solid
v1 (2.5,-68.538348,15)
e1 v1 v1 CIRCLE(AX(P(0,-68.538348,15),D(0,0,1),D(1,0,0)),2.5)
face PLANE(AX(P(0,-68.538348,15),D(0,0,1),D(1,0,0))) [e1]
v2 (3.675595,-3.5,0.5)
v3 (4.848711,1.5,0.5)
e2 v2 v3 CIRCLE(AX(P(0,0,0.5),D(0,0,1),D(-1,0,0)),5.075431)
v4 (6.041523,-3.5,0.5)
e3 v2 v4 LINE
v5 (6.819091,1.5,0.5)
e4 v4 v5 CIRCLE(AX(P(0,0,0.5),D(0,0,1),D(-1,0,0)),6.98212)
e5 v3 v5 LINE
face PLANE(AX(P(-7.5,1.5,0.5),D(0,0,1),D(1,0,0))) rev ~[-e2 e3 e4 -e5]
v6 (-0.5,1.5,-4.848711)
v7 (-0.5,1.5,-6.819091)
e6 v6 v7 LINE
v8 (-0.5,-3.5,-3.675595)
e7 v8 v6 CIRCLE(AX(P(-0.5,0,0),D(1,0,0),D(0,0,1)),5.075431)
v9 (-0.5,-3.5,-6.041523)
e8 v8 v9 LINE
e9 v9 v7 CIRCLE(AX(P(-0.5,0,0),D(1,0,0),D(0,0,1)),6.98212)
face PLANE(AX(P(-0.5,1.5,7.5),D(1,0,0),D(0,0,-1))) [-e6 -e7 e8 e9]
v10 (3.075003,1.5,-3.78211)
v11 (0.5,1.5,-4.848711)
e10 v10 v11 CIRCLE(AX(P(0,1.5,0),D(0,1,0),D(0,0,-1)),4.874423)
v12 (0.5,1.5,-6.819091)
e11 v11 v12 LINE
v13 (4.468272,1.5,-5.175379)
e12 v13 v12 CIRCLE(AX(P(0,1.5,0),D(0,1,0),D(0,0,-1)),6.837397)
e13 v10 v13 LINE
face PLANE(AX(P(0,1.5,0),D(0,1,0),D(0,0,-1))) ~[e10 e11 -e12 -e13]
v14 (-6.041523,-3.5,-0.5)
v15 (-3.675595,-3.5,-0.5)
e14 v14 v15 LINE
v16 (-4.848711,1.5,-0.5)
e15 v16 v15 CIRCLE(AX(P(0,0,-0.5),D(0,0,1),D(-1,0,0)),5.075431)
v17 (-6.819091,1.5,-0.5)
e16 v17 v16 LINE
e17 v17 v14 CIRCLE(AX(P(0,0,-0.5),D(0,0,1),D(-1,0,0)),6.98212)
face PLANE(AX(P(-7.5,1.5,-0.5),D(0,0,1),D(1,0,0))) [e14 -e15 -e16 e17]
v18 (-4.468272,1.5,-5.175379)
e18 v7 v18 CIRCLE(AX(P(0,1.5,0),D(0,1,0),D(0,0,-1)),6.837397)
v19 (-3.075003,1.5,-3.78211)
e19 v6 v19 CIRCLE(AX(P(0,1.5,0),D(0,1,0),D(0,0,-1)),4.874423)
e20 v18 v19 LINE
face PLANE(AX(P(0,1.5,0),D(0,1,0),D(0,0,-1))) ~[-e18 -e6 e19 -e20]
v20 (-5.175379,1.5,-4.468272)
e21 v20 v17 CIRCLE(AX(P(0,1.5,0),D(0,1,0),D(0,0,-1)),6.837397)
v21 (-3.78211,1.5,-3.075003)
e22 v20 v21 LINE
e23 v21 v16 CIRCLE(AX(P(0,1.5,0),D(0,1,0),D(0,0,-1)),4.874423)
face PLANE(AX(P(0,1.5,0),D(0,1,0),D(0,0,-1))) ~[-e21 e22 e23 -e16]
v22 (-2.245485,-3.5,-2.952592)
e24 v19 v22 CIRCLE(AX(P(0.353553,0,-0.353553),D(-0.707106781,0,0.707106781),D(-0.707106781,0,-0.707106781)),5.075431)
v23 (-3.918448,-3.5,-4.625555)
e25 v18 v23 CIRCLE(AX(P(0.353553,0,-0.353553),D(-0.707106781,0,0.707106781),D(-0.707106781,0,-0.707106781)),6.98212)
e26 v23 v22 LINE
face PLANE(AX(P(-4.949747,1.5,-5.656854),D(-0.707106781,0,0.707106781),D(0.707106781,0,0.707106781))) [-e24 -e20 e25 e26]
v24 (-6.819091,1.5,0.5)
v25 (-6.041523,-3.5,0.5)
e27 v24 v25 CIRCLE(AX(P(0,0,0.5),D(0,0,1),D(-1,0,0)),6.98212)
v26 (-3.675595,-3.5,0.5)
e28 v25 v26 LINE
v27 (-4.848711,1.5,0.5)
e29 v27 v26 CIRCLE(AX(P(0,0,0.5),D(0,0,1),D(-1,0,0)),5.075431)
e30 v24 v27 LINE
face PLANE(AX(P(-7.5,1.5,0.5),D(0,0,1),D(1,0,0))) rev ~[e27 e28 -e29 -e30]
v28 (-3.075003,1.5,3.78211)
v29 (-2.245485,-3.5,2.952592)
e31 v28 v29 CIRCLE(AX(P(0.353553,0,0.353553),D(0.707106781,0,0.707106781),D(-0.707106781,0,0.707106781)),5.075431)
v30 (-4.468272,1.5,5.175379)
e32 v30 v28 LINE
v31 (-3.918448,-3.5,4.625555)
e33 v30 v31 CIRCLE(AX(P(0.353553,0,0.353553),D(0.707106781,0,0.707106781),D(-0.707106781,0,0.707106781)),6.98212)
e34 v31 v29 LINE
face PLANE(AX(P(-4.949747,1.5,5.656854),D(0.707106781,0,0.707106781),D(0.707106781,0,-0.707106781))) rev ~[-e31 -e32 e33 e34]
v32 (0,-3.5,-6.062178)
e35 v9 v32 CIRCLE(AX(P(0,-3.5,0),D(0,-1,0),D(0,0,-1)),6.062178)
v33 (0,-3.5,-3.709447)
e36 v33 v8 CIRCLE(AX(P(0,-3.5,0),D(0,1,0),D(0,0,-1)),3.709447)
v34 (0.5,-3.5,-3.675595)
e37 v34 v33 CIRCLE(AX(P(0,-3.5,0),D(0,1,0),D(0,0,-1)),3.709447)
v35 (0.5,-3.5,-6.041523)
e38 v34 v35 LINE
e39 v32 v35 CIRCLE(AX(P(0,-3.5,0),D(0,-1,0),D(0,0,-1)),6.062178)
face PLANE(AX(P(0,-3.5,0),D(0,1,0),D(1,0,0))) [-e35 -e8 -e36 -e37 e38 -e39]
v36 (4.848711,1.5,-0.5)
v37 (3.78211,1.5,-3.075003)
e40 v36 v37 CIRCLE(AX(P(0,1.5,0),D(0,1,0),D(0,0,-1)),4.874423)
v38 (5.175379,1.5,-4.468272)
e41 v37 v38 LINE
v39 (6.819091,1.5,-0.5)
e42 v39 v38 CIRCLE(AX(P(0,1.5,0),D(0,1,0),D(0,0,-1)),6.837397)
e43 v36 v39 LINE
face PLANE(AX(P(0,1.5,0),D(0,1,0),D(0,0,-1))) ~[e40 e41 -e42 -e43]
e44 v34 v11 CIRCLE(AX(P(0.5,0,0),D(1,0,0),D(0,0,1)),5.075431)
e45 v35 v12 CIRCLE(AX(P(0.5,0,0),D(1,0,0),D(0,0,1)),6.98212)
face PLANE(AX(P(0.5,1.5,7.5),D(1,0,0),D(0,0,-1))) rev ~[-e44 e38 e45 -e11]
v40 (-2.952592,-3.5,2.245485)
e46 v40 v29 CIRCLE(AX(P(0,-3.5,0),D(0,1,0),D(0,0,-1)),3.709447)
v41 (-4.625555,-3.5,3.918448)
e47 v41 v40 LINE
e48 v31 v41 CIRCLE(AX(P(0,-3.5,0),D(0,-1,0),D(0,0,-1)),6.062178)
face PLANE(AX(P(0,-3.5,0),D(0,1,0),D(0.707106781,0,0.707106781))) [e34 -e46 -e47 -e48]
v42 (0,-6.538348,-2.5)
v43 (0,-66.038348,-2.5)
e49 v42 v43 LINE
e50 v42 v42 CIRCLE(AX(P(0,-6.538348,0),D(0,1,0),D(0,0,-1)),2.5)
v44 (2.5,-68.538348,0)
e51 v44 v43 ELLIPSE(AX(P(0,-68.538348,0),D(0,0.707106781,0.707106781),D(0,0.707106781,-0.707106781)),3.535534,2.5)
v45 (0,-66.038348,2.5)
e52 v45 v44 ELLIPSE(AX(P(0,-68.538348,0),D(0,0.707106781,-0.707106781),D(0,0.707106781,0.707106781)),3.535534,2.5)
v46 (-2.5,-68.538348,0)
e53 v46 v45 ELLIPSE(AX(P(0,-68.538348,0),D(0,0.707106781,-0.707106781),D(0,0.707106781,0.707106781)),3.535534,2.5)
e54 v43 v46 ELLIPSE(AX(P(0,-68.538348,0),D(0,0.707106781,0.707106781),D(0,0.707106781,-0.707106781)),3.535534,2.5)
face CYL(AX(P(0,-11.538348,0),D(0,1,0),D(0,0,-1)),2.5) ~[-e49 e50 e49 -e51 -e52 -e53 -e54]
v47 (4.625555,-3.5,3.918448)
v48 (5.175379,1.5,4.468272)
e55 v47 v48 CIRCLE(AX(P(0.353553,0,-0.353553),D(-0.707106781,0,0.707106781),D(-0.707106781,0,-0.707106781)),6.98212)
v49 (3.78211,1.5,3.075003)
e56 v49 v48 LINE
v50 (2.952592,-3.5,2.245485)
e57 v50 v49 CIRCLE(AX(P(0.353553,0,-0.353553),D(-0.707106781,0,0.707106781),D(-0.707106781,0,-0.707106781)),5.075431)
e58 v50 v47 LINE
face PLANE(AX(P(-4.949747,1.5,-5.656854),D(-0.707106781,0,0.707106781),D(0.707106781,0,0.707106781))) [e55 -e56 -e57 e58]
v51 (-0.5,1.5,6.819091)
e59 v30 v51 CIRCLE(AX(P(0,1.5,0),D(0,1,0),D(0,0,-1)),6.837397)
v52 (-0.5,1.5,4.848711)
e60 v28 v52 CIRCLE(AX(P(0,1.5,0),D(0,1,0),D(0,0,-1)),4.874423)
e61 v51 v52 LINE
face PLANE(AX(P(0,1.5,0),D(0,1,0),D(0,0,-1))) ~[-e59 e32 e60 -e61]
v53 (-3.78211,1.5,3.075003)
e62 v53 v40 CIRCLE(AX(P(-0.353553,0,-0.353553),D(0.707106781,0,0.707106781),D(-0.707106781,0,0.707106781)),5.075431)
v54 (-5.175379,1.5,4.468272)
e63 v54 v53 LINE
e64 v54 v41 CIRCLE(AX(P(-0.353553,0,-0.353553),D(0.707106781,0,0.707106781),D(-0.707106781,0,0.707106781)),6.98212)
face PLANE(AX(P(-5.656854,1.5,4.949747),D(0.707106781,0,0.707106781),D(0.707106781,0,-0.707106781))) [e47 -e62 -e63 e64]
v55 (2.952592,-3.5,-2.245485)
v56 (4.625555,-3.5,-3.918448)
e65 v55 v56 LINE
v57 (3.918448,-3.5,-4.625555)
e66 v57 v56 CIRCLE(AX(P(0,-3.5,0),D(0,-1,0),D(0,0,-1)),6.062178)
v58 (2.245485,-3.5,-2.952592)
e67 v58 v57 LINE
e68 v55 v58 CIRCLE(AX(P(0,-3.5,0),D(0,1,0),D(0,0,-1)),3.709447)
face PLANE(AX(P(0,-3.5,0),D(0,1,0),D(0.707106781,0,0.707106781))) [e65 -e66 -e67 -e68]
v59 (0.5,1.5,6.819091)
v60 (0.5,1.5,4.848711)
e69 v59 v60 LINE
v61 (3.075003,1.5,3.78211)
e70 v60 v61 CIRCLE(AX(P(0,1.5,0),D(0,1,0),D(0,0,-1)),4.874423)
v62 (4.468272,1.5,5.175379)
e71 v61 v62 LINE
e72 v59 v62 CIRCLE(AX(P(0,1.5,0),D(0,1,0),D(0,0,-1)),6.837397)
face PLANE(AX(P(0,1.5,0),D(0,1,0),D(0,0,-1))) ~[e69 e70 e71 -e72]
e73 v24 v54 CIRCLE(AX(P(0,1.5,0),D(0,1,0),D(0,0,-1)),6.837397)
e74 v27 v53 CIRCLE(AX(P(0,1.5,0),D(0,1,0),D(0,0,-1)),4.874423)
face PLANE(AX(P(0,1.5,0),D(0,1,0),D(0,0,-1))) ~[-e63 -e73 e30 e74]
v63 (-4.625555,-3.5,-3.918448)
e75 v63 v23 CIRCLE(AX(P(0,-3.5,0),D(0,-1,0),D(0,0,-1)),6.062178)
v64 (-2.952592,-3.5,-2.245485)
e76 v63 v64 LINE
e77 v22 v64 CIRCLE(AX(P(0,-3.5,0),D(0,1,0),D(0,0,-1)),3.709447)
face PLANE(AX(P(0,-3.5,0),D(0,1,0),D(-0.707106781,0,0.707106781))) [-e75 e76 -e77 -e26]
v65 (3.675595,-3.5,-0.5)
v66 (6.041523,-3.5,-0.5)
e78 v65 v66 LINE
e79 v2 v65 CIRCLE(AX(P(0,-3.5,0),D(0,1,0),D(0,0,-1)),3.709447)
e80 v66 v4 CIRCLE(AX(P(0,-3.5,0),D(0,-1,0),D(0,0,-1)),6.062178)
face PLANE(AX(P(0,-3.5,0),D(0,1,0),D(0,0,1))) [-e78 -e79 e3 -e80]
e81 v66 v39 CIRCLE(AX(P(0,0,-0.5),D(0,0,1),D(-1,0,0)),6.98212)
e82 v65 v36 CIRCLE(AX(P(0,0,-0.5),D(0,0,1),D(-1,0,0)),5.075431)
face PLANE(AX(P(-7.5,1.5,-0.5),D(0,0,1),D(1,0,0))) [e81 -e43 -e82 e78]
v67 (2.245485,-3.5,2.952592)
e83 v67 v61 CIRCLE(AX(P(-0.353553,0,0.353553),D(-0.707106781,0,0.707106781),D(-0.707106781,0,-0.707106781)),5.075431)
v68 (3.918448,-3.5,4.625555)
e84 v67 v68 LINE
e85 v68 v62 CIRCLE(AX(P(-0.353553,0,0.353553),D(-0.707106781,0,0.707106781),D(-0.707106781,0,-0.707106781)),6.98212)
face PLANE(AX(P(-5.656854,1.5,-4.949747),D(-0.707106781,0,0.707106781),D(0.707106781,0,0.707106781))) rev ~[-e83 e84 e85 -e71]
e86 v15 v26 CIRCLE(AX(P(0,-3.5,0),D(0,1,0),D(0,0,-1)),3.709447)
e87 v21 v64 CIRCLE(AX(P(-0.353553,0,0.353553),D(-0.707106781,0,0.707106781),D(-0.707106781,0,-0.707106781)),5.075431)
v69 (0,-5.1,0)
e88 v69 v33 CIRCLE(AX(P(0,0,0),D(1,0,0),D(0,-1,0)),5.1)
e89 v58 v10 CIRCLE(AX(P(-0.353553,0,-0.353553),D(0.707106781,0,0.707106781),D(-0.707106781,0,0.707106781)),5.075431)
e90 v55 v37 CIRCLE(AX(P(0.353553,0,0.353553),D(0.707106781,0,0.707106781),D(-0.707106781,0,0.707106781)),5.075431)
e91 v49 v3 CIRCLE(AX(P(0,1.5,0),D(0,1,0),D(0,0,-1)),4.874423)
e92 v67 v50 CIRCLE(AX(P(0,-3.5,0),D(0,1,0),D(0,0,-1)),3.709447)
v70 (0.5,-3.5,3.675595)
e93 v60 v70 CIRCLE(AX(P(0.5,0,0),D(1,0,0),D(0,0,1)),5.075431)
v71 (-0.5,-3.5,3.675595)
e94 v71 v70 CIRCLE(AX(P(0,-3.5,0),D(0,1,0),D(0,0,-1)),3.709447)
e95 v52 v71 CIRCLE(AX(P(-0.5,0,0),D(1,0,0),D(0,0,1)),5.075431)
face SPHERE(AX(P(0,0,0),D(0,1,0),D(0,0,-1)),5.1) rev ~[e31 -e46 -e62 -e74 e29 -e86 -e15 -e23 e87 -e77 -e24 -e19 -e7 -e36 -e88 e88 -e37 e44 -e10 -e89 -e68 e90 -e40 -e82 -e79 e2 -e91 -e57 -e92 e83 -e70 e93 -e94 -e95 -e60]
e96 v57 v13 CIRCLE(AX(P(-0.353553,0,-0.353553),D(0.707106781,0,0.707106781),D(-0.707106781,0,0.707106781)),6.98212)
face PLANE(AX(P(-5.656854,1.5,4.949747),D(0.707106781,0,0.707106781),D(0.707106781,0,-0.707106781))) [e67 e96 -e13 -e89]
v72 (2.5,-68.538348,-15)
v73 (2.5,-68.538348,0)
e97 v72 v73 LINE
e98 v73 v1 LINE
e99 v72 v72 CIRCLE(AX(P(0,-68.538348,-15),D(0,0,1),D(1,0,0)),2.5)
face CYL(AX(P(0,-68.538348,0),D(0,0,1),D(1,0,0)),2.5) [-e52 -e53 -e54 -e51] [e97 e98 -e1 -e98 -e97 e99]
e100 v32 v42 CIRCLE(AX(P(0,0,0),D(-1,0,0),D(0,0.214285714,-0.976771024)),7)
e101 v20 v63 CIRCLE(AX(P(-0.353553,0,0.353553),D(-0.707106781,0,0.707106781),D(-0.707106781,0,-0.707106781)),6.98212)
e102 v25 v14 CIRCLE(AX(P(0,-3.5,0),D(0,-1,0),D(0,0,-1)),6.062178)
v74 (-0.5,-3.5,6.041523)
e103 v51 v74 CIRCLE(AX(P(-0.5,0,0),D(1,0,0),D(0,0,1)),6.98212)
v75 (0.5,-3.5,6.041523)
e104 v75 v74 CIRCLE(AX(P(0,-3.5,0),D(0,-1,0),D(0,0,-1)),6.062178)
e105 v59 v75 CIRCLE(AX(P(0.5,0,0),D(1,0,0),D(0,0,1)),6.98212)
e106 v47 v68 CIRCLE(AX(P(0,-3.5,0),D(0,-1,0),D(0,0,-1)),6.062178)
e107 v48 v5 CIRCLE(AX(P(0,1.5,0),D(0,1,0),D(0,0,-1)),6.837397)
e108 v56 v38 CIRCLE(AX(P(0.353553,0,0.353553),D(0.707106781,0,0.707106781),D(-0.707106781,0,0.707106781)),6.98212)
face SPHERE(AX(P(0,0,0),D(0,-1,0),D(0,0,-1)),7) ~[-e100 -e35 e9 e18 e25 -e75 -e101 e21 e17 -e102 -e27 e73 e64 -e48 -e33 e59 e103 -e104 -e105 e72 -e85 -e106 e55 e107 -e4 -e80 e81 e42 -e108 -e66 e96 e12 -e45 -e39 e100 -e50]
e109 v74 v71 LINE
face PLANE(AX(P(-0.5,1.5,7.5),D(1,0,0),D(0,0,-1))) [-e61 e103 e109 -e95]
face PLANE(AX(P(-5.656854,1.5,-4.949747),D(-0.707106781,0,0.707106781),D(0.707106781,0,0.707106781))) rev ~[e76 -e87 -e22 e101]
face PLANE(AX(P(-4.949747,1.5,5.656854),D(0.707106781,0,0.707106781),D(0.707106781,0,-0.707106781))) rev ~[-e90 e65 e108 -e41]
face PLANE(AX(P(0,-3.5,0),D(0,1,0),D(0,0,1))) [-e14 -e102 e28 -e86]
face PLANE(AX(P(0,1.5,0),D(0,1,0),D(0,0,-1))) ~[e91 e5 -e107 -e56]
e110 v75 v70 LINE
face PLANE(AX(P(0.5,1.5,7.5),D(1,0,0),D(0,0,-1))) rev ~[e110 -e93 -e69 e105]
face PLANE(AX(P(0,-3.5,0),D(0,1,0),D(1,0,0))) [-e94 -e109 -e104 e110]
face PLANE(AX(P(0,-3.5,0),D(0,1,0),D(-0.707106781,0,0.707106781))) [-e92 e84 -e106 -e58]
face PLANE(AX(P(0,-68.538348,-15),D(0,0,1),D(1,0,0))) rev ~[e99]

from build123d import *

# Parameters (mm, degrees)
ESQUISSE4_W                  = 1
ESQUISSE4_H                  = 15
ENL_V_MAT_EXTRU_2_DEPTH      = 5
R_P_TITION_CIRCULAIRE1_COUNT = 4
R_P_TITION_CIRCULAIRE1_ANGLE = 135
ESQUISSE5_R                  = 2.5
BOSS_EXTRU_1_DEPTH           = 57
ESQUISSE6_R                  = 2.5
BOSS_EXTRU_2_DEPTH           = 15


with BuildPart() as part:
    # Esquisse1 → R_volution1 (revolve)
    with BuildSketch(Plane.XY, mode=Mode.PRIVATE) as r_volution1_sk:
        with BuildLine():
            Line((-4.874423043, 1.5), (-6.837397166, 1.5))
            ThreePointArc((-6.837397166, 1.5), (-6.160398345, -3.324077651), (-2.5, -6.538348415))
            Line((-2.5, -6.538348415), (-2.5, -11.538348415))
            Line((-2.5, -11.538348415), (0, -11.538348415))
            Line((0, -11.538348415), (0, -5.1))
            ThreePointArc((0, -5.1), (-4.102438299, -3.029851482), (-4.874423043, 1.5))
        make_face()
    revolve(r_volution1_sk.sketch.rotate(Axis((0, -11.538348415, 0), (0, 1, 0)), 270), axis=Axis((0, -11.538348415, 0), (0, 1, 0)))  # turned: the seam where the file's is

    # Esquisse4 → Enl_v. mat.-Extru.2 (cut)
    with BuildSketch(Plane(origin=(0, 1.5, 0), x_dir=(1, 0, 0), z_dir=(0, 1, 0))):
        Rectangle(ESQUISSE4_W, ESQUISSE4_H)
    enl_v_mat_extru_2 = extrude(amount=-ENL_V_MAT_EXTRU_2_DEPTH, mode=Mode.SUBTRACT)

    # R_p_tition circulaire1: Enl_v. mat.-Extru.2 ×4 about axis
    r_p_tition_circulaire1_axis = Axis((0, 0, 0), (0, -1, 0))
    for i in range(1, R_P_TITION_CIRCULAIRE1_COUNT):
        add(enl_v_mat_extru_2.rotate(r_p_tition_circulaire1_axis, i * R_P_TITION_CIRCULAIRE1_ANGLE / (R_P_TITION_CIRCULAIRE1_COUNT - 1)), mode=Mode.SUBTRACT)

    # Esquisse5 → Boss.-Extru.1 (add)
    with BuildSketch(Plane.XZ.offset(11.538348415)):
        with Locations(Location((0, 0, 0), (0, 0, 270))):  # turned: the seam where the file's is
            Circle(ESQUISSE5_R)
    extrude(amount=BOSS_EXTRU_1_DEPTH)

    # Esquisse6 → Boss.-Extru.2 (add, symmetric)
    with BuildSketch(Plane.XY):
        with Locations((0, -68.538348415)):
            Circle(ESQUISSE6_R)
    extrude(amount=BOSS_EXTRU_2_DEPTH, both=True)


solid = part.part
